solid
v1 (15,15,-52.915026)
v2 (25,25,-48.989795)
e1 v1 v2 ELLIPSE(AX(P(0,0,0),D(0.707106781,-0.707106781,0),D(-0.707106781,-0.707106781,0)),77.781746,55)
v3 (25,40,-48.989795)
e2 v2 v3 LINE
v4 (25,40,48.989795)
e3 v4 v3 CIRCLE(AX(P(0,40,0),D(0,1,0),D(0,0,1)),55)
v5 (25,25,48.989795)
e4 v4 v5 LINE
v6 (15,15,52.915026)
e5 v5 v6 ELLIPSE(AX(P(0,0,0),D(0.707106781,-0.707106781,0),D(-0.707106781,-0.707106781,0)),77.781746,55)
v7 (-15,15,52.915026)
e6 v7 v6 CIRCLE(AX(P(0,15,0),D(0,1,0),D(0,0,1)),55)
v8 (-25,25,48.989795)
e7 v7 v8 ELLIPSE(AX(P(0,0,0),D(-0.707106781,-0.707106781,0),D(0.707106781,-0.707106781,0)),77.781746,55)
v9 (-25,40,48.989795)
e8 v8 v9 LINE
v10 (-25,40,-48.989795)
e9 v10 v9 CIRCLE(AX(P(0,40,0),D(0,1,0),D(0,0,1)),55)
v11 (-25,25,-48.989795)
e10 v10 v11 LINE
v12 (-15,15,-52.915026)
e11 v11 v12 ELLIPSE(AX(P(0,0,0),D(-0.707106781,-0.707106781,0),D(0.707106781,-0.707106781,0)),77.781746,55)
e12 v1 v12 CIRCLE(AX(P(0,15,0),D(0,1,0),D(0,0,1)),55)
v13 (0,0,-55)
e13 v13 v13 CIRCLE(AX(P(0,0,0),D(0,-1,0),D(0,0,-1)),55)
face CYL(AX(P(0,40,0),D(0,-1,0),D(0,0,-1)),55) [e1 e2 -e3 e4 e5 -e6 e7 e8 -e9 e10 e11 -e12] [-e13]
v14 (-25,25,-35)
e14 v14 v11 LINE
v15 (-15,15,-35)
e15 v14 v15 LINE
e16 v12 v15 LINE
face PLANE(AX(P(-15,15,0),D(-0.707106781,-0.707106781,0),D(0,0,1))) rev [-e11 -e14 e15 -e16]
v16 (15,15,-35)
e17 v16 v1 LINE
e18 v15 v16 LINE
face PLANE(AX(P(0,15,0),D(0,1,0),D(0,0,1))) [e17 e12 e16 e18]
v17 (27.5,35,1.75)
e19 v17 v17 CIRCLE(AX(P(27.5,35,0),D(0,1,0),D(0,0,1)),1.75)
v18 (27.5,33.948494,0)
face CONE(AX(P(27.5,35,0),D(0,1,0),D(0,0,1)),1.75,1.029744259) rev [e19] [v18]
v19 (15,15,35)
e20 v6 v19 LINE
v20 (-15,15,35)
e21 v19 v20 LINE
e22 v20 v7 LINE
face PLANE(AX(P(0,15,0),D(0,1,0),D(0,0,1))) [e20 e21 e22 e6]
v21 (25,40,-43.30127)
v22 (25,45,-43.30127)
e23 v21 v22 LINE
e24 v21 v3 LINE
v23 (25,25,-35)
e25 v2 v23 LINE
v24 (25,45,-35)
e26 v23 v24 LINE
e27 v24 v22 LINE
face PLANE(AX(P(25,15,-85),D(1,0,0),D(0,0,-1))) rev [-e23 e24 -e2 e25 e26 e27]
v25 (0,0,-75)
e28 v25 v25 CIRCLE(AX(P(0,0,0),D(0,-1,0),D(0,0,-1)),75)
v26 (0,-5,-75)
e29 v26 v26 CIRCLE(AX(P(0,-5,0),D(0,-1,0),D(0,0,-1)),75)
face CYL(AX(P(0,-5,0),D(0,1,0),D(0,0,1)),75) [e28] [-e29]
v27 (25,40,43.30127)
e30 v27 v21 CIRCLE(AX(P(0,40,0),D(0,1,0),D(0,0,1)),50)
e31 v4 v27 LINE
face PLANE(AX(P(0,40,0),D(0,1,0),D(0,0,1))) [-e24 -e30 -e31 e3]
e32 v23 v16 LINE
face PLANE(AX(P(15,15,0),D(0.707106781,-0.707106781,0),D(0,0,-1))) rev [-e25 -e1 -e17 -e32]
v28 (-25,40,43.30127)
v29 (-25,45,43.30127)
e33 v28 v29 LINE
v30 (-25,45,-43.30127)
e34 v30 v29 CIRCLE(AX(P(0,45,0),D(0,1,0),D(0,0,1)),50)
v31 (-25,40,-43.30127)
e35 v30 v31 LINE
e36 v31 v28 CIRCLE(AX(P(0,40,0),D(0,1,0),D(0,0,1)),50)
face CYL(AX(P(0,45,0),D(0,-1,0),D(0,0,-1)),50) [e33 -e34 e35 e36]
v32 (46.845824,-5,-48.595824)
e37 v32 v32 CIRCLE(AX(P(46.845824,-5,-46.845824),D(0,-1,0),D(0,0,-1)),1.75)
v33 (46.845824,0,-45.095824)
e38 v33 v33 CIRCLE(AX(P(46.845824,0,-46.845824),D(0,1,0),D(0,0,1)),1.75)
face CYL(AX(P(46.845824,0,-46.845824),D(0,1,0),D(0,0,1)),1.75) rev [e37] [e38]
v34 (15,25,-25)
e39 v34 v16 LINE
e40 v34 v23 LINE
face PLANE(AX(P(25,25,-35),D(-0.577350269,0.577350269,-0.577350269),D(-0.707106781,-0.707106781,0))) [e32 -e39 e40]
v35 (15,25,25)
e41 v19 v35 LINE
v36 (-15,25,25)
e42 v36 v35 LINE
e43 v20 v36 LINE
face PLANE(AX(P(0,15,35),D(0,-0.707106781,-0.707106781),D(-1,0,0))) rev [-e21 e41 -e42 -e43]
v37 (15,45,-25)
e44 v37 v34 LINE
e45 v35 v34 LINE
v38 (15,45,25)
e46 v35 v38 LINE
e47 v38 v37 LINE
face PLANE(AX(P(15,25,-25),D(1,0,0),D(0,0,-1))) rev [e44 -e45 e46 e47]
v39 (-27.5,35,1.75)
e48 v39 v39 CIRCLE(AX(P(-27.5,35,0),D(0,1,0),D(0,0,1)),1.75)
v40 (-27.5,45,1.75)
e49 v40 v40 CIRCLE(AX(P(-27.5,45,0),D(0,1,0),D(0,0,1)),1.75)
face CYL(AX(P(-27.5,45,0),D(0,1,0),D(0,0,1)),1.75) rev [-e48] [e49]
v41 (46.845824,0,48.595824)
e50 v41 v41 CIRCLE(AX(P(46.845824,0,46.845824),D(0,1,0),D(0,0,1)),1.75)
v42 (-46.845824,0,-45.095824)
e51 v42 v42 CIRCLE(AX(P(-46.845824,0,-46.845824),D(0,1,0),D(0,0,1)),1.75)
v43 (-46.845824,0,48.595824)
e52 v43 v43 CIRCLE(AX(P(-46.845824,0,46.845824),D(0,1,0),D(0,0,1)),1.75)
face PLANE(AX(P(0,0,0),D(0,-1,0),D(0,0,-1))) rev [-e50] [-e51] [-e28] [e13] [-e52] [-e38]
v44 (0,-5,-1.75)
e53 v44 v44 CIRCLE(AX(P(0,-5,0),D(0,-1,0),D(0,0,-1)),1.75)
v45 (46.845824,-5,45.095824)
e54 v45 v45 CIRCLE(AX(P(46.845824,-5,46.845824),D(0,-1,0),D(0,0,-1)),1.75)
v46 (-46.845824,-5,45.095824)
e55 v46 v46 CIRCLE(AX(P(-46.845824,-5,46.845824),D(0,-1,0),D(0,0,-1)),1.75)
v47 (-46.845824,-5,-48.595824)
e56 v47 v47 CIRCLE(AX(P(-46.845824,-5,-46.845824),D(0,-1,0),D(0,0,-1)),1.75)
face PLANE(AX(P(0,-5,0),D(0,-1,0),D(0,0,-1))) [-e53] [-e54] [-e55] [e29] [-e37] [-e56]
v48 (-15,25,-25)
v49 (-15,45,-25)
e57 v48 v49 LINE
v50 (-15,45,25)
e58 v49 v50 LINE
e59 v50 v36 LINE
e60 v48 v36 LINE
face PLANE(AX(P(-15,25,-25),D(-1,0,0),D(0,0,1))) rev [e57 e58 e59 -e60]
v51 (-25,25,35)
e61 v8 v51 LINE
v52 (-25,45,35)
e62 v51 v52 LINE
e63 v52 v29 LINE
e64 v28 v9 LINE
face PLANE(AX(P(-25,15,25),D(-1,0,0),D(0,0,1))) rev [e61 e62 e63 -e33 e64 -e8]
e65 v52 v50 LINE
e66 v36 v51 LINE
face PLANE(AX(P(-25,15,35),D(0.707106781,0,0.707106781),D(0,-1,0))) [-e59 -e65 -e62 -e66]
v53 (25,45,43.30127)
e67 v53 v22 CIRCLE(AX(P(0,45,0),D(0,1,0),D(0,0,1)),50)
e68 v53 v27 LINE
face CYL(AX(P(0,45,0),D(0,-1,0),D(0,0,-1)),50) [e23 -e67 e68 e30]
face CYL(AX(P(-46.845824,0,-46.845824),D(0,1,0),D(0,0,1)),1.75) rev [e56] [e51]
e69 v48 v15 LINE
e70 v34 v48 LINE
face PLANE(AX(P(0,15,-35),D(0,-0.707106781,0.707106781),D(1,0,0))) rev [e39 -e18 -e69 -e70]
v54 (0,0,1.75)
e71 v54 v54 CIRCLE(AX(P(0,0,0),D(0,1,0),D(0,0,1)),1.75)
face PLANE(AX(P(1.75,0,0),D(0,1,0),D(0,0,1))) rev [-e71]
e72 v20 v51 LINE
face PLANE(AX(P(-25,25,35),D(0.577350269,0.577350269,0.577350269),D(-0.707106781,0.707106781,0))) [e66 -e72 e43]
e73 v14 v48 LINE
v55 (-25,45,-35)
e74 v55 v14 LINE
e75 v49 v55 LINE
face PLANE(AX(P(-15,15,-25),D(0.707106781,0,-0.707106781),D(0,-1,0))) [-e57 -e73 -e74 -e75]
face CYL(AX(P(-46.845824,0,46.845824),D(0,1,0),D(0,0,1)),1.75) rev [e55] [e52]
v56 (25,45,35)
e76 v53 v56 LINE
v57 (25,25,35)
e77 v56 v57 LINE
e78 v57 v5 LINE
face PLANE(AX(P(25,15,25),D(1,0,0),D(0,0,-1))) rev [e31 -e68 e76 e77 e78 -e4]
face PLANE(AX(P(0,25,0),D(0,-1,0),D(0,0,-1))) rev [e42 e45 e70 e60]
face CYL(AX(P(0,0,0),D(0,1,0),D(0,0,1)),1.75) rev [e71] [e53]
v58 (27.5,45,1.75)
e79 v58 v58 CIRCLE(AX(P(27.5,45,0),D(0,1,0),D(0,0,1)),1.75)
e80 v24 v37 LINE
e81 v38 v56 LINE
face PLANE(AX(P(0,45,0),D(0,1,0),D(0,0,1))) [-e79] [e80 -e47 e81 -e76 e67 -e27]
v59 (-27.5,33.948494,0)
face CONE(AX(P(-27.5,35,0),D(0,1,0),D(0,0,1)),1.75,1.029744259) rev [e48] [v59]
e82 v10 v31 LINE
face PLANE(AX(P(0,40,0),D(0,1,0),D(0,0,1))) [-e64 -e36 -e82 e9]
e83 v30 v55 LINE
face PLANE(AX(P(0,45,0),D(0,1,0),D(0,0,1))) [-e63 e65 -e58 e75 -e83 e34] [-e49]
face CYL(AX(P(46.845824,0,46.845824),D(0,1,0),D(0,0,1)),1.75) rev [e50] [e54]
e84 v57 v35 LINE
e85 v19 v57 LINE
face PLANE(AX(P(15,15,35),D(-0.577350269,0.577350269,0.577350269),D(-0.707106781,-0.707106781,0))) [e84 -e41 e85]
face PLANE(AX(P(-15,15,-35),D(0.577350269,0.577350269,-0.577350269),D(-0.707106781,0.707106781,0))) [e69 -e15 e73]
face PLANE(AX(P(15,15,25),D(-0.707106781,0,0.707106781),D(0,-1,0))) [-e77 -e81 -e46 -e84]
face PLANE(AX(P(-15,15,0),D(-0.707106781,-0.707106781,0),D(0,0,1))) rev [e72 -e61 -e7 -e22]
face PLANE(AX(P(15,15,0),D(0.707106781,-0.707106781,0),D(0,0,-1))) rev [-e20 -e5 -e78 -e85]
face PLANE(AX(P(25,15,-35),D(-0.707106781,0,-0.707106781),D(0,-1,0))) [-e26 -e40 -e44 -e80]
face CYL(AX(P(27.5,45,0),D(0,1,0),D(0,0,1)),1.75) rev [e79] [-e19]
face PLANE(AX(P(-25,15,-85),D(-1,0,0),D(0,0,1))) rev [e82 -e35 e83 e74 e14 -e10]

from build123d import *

# Parameters (mm, degrees)
SKETCH1_R                           = 55
BOSS_EXTRUDE1_DEPTH                 = 40
SKETCH2_R                           = 75
BOSS_EXTRUDE2_DEPTH                 = 5
SKETCH6_R                           = 50
BOSS_EXTRUDE3_DEPTH                 = 5
F_3_5_3_5_DIAMETER_HOLE1_D          = 3.5
F_3_5_3_5_DIAMETER_HOLE1_DEPTH      = 10
F_3_5_3_5_DIAMETER_HOLE1_TIP        = 1.051506083
SKETCH7_W                           = 50
SKETCH7_H                           = 60
CUT_EXTRUDE1_DEPTH                  = 30
CHAMFER1_SIZE                       = 10
SKETCH8_W                           = 30
SKETCH8_H                           = 50
CUT_EXTRUDE2_DEPTH                  = 20
F_3_5_3_5_DIAMETER_HOLE2_AT_2_COUNT = 2
F_3_5_3_5_DIAMETER_HOLE2_AT_2_PITCH = 66.25
F_3_5_3_5_DIAMETER_HOLE2_AT_3_COUNT = 2
F_3_5_3_5_DIAMETER_HOLE2_AT_3_PITCH = 66.25
F_3_5_3_5_DIAMETER_HOLE2_AT_4_COUNT = 2
F_3_5_3_5_DIAMETER_HOLE2_AT_4_PITCH = 66.25
F_3_5_3_5_DIAMETER_HOLE2_AT_5_COUNT = 2
F_3_5_3_5_DIAMETER_HOLE2_AT_5_PITCH = 66.25


with BuildPart() as part:
    # Sketch1 → Boss-Extrude1 (new body)
    with BuildSketch(Plane(origin=(0, 0, 0), x_dir=(1, 0, 0), z_dir=(0, 1, 0))):
        with Locations(Location((0, 0, 0), (0, 0, 270))):
            Circle(SKETCH1_R)
    extrude(amount=BOSS_EXTRUDE1_DEPTH)

    # Sketch2 → Boss-Extrude2 (add)
    with BuildSketch(Plane.XZ):
        with Locations(Location((0, 0, 0), (0, 0, 270))):
            Circle(SKETCH2_R)
    extrude(amount=BOSS_EXTRUDE2_DEPTH)

    # Sketch6 → Boss-Extrude3 (add)
    with BuildSketch(Plane(origin=(0, 40, 0), x_dir=(1, 0, 0), z_dir=(0, 1, 0))):
        with Locations(Location((0, 0, 0), (0, 0, 270))):
            Circle(SKETCH6_R)
    extrude(amount=BOSS_EXTRUDE3_DEPTH)

    # Ø3.5 (3.5) Diameter Hole1
    with Locations(Plane(origin=(-12.746034072, 45, -7.868896946), x_dir=(1, 0, 0), z_dir=(0, 1, 0))):
        with Locations((-14.753965928, -7.868896946), (40.246034072, -7.868896946)):
            Hole(F_3_5_3_5_DIAMETER_HOLE1_D / 2, depth=F_3_5_3_5_DIAMETER_HOLE1_DEPTH)
            with Locations((0, 0, -(F_3_5_3_5_DIAMETER_HOLE1_DEPTH + F_3_5_3_5_DIAMETER_HOLE1_TIP / 2))):  # 118° drill point
                Cone(0, F_3_5_3_5_DIAMETER_HOLE1_D / 2, F_3_5_3_5_DIAMETER_HOLE1_TIP, mode=Mode.SUBTRACT)

    # Sketch7 → Cut-Extrude1 (cut)
    with BuildSketch(Plane(origin=(0, 45, 0), x_dir=(1, 0, 0), z_dir=(0, 1, 0))):
        with Locations((0, 55)):
            Rectangle(SKETCH7_W, SKETCH7_H)
        with Locations((0, -55)):
            Rectangle(SKETCH7_W, SKETCH7_H)
    extrude(amount=-CUT_EXTRUDE1_DEPTH, mode=Mode.SUBTRACT)

    # Chamfer1
    chamfer1_edges = [part.edges().sort_by_distance(p)[0] for p in [
        (25, 15, -36.994897428),
        (-25, 15, -36.994897428),
        (-25, 30, -25),
        (0, 15, -25),
        (25, 30, -25),
        (25, 15, 36.994897428),
        (25, 30, 25),
        (-25, 15, 36.994897428),
        (0, 15, 25),
        (-25, 30, 25),
    ]]
    chamfer(chamfer1_edges, length=CHAMFER1_SIZE)

    # Sketch8 → Cut-Extrude2 (cut)
    with BuildSketch(Plane(origin=(0, 45, 0), x_dir=(1, 0, 0), z_dir=(0, 1, 0))):
        Rectangle(SKETCH8_W, SKETCH8_H)
    extrude(amount=-CUT_EXTRUDE2_DEPTH, mode=Mode.SUBTRACT)

    # Sketch9 → Ø3.5 (3.5) Diameter Hole2 (revolve, cut)
    with BuildSketch(Plane(origin=(0, 0, 0), x_dir=(0, 0, 1), z_dir=(1, 0, 0))):
        Polygon((0, 0), (0, 11.051506083), (1.75, 10), (1.75, 0), align=None)
    f_3_5_3_5_diameter_hole2 = revolve(axis=Axis((0, 6.35, 0), (0, -1, 0)), mode=Mode.SUBTRACT)

    # Ø3.5 (3.5) Diameter Hole2 at 2: Ø3.5 (3.5) Diameter Hole2 ×2
    with Locations(*[Vector(0.7071067811865477, 0, 0.7071067811865475) * (i * F_3_5_3_5_DIAMETER_HOLE2_AT_2_PITCH) for i in range(1, F_3_5_3_5_DIAMETER_HOLE2_AT_2_COUNT)]):
        add(f_3_5_3_5_diameter_hole2, mode=Mode.SUBTRACT)

    # Ø3.5 (3.5) Diameter Hole2 at 3: Ø3.5 (3.5) Diameter Hole2 ×2
    with Locations(*[Vector(-0.7071067811865478, 0, -0.7071067811865474) * (i * F_3_5_3_5_DIAMETER_HOLE2_AT_3_PITCH) for i in range(1, F_3_5_3_5_DIAMETER_HOLE2_AT_3_COUNT)]):
        add(f_3_5_3_5_diameter_hole2, mode=Mode.SUBTRACT)

    # Ø3.5 (3.5) Diameter Hole2 at 4: Ø3.5 (3.5) Diameter Hole2 ×2
    with Locations(*[Vector(-0.7071067811865476, 0, 0.7071067811865476) * (i * F_3_5_3_5_DIAMETER_HOLE2_AT_4_PITCH) for i in range(1, F_3_5_3_5_DIAMETER_HOLE2_AT_4_COUNT)]):
        add(f_3_5_3_5_diameter_hole2, mode=Mode.SUBTRACT)

    # Ø3.5 (3.5) Diameter Hole2 at 5: Ø3.5 (3.5) Diameter Hole2 ×2
    with Locations(*[Vector(0.7071067811865476, 0, -0.7071067811865476) * (i * F_3_5_3_5_DIAMETER_HOLE2_AT_5_PITCH) for i in range(1, F_3_5_3_5_DIAMETER_HOLE2_AT_5_COUNT)]):
        add(f_3_5_3_5_diameter_hole2, mode=Mode.SUBTRACT)


solid = part.part
